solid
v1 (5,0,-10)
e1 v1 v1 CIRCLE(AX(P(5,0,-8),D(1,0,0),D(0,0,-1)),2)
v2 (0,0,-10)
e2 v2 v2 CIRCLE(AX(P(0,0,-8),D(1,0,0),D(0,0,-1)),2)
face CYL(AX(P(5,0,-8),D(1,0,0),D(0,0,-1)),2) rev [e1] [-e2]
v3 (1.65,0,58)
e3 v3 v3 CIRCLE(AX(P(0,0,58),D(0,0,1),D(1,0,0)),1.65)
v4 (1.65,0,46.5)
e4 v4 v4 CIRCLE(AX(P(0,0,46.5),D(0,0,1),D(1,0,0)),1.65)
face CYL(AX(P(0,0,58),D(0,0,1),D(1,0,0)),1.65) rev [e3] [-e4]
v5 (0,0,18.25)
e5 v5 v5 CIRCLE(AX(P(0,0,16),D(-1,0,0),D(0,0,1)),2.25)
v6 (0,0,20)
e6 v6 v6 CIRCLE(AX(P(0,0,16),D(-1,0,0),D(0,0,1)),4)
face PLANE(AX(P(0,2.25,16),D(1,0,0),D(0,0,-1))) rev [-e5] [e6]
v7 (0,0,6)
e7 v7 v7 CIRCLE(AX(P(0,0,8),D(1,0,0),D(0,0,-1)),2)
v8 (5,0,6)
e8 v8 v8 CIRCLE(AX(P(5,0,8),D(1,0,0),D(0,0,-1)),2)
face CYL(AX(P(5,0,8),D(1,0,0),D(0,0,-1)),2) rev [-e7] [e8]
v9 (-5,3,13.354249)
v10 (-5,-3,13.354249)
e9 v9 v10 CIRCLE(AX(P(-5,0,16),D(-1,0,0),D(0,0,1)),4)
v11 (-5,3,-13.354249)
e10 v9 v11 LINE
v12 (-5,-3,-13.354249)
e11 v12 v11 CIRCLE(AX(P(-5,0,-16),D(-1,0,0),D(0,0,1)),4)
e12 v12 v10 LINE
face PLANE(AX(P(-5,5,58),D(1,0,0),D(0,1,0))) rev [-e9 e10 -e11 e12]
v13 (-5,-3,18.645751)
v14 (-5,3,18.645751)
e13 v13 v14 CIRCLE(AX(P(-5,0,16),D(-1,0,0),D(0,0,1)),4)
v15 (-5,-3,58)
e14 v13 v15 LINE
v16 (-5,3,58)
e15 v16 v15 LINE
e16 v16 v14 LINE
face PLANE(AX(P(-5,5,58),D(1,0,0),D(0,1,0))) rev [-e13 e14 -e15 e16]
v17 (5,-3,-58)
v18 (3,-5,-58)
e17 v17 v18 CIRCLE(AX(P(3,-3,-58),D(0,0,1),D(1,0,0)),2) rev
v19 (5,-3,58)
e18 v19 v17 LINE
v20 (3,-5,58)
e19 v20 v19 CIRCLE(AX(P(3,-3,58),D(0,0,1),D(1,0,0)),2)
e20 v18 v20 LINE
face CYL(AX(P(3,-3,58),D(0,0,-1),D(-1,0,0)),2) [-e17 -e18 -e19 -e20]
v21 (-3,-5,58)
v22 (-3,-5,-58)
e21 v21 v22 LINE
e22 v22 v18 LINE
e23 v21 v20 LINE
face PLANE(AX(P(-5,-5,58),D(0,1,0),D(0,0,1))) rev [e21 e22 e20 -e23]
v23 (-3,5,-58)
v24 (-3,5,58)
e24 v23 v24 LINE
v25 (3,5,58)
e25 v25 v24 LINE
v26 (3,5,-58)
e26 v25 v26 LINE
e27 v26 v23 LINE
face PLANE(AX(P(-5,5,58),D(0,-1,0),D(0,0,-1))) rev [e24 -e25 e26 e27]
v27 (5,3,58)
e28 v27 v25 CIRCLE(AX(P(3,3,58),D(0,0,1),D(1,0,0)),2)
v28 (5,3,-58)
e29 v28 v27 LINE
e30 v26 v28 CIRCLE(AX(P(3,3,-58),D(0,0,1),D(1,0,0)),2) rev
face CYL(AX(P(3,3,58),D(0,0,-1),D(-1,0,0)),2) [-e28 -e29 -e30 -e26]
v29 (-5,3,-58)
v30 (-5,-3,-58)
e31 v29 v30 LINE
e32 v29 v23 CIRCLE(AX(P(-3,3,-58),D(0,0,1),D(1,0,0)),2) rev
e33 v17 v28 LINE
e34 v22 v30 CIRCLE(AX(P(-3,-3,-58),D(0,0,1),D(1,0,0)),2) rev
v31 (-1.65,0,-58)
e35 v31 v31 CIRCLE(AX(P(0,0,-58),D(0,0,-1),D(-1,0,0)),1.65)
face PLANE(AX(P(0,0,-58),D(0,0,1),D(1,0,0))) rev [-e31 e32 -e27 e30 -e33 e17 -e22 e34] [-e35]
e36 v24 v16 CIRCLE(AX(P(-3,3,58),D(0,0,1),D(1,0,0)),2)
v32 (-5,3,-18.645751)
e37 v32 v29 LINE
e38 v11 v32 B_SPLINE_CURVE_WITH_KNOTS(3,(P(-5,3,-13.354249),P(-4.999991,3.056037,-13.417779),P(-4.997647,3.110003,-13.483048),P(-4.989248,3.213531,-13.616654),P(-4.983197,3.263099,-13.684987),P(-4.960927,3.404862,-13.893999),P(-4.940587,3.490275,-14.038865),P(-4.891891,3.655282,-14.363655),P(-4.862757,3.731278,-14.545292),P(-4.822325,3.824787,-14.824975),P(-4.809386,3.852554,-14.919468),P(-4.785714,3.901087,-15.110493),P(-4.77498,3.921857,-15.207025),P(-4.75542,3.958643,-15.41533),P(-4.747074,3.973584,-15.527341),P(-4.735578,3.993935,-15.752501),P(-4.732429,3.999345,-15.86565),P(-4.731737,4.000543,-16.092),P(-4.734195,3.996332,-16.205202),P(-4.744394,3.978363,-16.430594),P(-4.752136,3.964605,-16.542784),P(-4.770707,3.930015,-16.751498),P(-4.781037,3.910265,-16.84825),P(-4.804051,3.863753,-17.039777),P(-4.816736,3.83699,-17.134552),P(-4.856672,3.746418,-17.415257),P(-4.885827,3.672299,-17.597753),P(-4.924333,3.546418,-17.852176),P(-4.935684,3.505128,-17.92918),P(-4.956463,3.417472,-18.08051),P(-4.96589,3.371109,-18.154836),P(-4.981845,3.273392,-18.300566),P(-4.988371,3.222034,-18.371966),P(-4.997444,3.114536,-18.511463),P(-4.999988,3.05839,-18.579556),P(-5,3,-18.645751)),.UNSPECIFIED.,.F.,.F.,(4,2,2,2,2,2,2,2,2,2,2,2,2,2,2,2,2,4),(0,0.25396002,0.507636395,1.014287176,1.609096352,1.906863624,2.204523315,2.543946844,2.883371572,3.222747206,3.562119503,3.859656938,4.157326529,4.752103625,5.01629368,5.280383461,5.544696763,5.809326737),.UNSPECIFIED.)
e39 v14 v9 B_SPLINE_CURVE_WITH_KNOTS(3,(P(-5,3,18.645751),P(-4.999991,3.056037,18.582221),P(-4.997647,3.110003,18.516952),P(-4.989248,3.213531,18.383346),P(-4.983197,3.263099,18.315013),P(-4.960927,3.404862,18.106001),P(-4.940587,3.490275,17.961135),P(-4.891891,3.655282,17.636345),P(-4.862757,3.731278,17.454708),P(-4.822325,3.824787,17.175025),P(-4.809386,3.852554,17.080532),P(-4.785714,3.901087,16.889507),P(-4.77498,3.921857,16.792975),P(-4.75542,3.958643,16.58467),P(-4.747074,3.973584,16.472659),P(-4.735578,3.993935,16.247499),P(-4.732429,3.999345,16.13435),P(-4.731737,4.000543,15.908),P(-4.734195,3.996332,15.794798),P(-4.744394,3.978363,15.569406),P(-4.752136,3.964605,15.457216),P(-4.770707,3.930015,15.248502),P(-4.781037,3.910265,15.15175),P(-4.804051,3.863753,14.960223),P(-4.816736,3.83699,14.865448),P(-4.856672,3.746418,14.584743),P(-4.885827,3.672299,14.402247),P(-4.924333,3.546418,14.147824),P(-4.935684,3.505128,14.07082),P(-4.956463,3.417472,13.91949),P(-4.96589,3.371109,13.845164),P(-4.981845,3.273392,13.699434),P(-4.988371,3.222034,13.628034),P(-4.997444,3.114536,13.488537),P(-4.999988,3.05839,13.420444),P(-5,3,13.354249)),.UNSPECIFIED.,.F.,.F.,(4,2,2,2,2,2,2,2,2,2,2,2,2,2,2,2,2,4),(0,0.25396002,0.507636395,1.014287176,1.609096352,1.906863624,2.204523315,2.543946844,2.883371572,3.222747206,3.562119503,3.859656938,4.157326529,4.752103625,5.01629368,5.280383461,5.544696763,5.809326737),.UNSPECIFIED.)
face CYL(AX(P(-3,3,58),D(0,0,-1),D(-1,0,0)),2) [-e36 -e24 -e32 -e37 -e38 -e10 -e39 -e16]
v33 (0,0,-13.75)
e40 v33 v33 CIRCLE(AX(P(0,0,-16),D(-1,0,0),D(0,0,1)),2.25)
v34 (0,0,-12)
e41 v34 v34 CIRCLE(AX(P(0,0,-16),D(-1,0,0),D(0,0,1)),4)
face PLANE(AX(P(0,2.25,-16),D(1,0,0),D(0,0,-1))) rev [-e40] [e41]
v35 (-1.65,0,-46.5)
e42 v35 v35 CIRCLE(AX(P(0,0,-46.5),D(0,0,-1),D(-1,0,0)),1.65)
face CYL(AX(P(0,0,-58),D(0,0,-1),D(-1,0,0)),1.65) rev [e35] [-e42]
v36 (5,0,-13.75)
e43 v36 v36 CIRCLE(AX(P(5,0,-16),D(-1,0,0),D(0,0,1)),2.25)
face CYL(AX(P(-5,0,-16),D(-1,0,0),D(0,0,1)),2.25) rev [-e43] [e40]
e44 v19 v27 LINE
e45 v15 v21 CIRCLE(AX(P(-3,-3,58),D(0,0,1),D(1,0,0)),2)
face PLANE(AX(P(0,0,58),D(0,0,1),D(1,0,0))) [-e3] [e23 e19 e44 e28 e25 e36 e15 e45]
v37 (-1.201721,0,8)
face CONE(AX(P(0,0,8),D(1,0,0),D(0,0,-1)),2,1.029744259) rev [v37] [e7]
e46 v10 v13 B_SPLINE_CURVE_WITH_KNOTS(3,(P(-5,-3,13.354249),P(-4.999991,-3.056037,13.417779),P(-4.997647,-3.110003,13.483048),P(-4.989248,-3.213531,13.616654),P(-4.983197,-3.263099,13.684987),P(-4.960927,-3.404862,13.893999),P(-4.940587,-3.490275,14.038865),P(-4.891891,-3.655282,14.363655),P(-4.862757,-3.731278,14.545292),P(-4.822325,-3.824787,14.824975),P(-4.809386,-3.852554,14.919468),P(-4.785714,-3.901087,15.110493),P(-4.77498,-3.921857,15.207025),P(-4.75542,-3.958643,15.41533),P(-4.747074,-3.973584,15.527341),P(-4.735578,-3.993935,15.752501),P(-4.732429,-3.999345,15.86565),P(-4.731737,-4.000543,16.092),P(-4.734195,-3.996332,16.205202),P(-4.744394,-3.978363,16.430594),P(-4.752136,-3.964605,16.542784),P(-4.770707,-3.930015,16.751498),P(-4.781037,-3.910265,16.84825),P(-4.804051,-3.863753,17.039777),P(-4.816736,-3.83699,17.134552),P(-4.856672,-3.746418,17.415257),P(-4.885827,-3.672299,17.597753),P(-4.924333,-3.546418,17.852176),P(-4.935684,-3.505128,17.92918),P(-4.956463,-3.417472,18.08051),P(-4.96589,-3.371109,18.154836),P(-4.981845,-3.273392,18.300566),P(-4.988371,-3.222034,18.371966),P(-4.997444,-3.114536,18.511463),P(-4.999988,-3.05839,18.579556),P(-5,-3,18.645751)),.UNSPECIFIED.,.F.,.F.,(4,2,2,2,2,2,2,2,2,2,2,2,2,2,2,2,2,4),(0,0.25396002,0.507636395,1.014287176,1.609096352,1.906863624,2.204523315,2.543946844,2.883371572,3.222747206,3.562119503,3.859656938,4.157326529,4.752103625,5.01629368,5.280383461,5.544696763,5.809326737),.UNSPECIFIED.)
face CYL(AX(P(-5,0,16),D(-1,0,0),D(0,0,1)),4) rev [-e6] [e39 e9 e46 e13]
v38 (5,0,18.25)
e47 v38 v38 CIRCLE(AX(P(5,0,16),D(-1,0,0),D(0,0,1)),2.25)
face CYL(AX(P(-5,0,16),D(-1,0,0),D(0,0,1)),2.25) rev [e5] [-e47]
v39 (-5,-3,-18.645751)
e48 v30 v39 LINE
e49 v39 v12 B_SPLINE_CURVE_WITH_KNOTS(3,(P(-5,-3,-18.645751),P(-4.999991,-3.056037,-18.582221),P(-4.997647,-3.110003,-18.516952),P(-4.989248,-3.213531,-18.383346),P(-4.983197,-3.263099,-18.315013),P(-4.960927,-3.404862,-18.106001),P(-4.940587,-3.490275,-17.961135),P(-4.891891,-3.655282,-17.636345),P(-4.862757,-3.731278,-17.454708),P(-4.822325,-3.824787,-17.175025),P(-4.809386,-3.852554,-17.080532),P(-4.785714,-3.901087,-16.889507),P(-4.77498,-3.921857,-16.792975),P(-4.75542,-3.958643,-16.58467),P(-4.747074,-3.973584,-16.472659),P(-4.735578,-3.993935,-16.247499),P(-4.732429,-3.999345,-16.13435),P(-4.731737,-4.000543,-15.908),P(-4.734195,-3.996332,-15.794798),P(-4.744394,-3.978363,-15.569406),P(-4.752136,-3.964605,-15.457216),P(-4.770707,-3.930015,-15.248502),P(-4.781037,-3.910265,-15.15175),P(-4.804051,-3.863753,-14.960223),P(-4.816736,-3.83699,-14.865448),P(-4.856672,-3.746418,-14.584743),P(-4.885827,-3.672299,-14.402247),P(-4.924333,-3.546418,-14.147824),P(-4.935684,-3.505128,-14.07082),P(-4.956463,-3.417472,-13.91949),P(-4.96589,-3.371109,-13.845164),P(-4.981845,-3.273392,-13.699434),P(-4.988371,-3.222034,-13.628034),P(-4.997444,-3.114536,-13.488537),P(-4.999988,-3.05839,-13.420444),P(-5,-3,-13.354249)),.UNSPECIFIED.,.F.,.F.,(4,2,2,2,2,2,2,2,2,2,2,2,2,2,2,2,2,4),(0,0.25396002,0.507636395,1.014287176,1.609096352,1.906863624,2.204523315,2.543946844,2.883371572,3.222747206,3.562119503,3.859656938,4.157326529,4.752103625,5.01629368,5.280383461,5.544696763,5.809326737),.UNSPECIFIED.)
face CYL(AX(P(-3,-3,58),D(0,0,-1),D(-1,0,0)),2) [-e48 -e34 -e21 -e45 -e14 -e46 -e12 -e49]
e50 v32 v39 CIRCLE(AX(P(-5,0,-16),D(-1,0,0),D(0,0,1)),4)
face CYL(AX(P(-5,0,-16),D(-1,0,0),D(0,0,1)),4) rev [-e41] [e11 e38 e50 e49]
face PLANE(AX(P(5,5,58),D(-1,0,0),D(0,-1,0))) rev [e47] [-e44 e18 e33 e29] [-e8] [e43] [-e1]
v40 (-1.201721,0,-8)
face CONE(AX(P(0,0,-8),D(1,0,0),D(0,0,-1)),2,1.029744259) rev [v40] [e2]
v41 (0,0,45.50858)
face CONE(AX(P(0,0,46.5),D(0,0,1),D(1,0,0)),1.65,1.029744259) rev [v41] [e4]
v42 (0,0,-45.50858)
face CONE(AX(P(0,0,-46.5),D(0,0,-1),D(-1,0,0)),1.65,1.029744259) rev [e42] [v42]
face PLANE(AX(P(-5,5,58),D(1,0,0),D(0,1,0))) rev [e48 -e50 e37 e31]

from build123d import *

# Parameters (mm, degrees)
ESQUISSE1_W                                        = 10
ESQUISSE1_H                                        = 10
BOSS_EXTRU_1_DEPTH                                 = 58
CONG_1_R                                           = 2
TROU_TARAUD_M41_D                                  = 3.3
TROU_TARAUD_M41_DEPTH                              = 11.5
TROU_TARAUD_M41_TIP                                = 0.991420021
TROU_TARAUD_M42_D                                  = 3.3
TROU_TARAUD_M42_DEPTH                              = 11.5
TROU_TARAUD_M42_TIP                                = 0.991420021
DIAM_TRE_DU_PER_AGE_4_0_4_1_D                      = 4
DIAM_TRE_DU_PER_AGE_4_0_4_1_DEPTH                  = 5
DIAM_TRE_DU_PER_AGE_4_0_4_1_TIP                    = 1.201721238
CHAMBRAGE_POUR_VIS_T_TE_HEXAGONALE_M41_D           = 4.5
CHAMBRAGE_POUR_VIS_T_TE_HEXAGONALE_M41_CBORE_D     = 8
CHAMBRAGE_POUR_VIS_T_TE_HEXAGONALE_M41_CBORE_DEPTH = 5


with BuildPart() as part:
    # Esquisse1 → Boss.-Extru.1 (new, symmetric)
    with BuildSketch(Plane.XY):
        Rectangle(ESQUISSE1_W, ESQUISSE1_H)
    extrude(amount=BOSS_EXTRU_1_DEPTH, both=True)

    # Congé1
    cong_1_edges = [part.edges().sort_by_distance(p)[0] for p in [
        (-5, 5, 0),
        (5, 5, 0),
        (5, -5, 0),
        (-5, -5, 0),
    ]]
    fillet(cong_1_edges, radius=CONG_1_R)

    # Trou taraudé M41
    with Locations(Plane.XY.offset(58)):
        with Locations((0, 0)):
            Hole(TROU_TARAUD_M41_D / 2, depth=TROU_TARAUD_M41_DEPTH)
            with Locations((0, 0, -(TROU_TARAUD_M41_DEPTH + TROU_TARAUD_M41_TIP / 2))):  # 118° drill point
                Cone(0, TROU_TARAUD_M41_D / 2, TROU_TARAUD_M41_TIP, mode=Mode.SUBTRACT)

    # Trou taraudé M42
    with Locations(Plane(origin=(0, 0, -58), x_dir=(-1, 0, 0), z_dir=(0, 0, -1))):
        with Locations((0, 0)):
            Hole(TROU_TARAUD_M42_D / 2, depth=TROU_TARAUD_M42_DEPTH)
            with Locations((0, 0, -(TROU_TARAUD_M42_DEPTH + TROU_TARAUD_M42_TIP / 2))):  # 118° drill point
                Cone(0, TROU_TARAUD_M42_D / 2, TROU_TARAUD_M42_TIP, mode=Mode.SUBTRACT)

    # Diamètre du perçage Ø4.0 (4)1
    with Locations(Plane(origin=(5, 0, 0), x_dir=(0, 0, -1), z_dir=(1, 0, 0))):
        with Locations((8, 0), (-8, 0)):
            Hole(DIAM_TRE_DU_PER_AGE_4_0_4_1_D / 2, depth=DIAM_TRE_DU_PER_AGE_4_0_4_1_DEPTH)
            with Locations((0, 0, -(DIAM_TRE_DU_PER_AGE_4_0_4_1_DEPTH + DIAM_TRE_DU_PER_AGE_4_0_4_1_TIP / 2))):  # 118° drill point
                Cone(0, DIAM_TRE_DU_PER_AGE_4_0_4_1_D / 2, DIAM_TRE_DU_PER_AGE_4_0_4_1_TIP, mode=Mode.SUBTRACT)

    # Chambrage pour vis à tête hexagonale M41 (through all)
    with Locations(Plane.ZY.offset(5)):
        with Locations((-16, 0), (16, 0)):
            CounterBoreHole(CHAMBRAGE_POUR_VIS_T_TE_HEXAGONALE_M41_D / 2, CHAMBRAGE_POUR_VIS_T_TE_HEXAGONALE_M41_CBORE_D / 2, CHAMBRAGE_POUR_VIS_T_TE_HEXAGONALE_M41_CBORE_DEPTH)


solid = part.part
